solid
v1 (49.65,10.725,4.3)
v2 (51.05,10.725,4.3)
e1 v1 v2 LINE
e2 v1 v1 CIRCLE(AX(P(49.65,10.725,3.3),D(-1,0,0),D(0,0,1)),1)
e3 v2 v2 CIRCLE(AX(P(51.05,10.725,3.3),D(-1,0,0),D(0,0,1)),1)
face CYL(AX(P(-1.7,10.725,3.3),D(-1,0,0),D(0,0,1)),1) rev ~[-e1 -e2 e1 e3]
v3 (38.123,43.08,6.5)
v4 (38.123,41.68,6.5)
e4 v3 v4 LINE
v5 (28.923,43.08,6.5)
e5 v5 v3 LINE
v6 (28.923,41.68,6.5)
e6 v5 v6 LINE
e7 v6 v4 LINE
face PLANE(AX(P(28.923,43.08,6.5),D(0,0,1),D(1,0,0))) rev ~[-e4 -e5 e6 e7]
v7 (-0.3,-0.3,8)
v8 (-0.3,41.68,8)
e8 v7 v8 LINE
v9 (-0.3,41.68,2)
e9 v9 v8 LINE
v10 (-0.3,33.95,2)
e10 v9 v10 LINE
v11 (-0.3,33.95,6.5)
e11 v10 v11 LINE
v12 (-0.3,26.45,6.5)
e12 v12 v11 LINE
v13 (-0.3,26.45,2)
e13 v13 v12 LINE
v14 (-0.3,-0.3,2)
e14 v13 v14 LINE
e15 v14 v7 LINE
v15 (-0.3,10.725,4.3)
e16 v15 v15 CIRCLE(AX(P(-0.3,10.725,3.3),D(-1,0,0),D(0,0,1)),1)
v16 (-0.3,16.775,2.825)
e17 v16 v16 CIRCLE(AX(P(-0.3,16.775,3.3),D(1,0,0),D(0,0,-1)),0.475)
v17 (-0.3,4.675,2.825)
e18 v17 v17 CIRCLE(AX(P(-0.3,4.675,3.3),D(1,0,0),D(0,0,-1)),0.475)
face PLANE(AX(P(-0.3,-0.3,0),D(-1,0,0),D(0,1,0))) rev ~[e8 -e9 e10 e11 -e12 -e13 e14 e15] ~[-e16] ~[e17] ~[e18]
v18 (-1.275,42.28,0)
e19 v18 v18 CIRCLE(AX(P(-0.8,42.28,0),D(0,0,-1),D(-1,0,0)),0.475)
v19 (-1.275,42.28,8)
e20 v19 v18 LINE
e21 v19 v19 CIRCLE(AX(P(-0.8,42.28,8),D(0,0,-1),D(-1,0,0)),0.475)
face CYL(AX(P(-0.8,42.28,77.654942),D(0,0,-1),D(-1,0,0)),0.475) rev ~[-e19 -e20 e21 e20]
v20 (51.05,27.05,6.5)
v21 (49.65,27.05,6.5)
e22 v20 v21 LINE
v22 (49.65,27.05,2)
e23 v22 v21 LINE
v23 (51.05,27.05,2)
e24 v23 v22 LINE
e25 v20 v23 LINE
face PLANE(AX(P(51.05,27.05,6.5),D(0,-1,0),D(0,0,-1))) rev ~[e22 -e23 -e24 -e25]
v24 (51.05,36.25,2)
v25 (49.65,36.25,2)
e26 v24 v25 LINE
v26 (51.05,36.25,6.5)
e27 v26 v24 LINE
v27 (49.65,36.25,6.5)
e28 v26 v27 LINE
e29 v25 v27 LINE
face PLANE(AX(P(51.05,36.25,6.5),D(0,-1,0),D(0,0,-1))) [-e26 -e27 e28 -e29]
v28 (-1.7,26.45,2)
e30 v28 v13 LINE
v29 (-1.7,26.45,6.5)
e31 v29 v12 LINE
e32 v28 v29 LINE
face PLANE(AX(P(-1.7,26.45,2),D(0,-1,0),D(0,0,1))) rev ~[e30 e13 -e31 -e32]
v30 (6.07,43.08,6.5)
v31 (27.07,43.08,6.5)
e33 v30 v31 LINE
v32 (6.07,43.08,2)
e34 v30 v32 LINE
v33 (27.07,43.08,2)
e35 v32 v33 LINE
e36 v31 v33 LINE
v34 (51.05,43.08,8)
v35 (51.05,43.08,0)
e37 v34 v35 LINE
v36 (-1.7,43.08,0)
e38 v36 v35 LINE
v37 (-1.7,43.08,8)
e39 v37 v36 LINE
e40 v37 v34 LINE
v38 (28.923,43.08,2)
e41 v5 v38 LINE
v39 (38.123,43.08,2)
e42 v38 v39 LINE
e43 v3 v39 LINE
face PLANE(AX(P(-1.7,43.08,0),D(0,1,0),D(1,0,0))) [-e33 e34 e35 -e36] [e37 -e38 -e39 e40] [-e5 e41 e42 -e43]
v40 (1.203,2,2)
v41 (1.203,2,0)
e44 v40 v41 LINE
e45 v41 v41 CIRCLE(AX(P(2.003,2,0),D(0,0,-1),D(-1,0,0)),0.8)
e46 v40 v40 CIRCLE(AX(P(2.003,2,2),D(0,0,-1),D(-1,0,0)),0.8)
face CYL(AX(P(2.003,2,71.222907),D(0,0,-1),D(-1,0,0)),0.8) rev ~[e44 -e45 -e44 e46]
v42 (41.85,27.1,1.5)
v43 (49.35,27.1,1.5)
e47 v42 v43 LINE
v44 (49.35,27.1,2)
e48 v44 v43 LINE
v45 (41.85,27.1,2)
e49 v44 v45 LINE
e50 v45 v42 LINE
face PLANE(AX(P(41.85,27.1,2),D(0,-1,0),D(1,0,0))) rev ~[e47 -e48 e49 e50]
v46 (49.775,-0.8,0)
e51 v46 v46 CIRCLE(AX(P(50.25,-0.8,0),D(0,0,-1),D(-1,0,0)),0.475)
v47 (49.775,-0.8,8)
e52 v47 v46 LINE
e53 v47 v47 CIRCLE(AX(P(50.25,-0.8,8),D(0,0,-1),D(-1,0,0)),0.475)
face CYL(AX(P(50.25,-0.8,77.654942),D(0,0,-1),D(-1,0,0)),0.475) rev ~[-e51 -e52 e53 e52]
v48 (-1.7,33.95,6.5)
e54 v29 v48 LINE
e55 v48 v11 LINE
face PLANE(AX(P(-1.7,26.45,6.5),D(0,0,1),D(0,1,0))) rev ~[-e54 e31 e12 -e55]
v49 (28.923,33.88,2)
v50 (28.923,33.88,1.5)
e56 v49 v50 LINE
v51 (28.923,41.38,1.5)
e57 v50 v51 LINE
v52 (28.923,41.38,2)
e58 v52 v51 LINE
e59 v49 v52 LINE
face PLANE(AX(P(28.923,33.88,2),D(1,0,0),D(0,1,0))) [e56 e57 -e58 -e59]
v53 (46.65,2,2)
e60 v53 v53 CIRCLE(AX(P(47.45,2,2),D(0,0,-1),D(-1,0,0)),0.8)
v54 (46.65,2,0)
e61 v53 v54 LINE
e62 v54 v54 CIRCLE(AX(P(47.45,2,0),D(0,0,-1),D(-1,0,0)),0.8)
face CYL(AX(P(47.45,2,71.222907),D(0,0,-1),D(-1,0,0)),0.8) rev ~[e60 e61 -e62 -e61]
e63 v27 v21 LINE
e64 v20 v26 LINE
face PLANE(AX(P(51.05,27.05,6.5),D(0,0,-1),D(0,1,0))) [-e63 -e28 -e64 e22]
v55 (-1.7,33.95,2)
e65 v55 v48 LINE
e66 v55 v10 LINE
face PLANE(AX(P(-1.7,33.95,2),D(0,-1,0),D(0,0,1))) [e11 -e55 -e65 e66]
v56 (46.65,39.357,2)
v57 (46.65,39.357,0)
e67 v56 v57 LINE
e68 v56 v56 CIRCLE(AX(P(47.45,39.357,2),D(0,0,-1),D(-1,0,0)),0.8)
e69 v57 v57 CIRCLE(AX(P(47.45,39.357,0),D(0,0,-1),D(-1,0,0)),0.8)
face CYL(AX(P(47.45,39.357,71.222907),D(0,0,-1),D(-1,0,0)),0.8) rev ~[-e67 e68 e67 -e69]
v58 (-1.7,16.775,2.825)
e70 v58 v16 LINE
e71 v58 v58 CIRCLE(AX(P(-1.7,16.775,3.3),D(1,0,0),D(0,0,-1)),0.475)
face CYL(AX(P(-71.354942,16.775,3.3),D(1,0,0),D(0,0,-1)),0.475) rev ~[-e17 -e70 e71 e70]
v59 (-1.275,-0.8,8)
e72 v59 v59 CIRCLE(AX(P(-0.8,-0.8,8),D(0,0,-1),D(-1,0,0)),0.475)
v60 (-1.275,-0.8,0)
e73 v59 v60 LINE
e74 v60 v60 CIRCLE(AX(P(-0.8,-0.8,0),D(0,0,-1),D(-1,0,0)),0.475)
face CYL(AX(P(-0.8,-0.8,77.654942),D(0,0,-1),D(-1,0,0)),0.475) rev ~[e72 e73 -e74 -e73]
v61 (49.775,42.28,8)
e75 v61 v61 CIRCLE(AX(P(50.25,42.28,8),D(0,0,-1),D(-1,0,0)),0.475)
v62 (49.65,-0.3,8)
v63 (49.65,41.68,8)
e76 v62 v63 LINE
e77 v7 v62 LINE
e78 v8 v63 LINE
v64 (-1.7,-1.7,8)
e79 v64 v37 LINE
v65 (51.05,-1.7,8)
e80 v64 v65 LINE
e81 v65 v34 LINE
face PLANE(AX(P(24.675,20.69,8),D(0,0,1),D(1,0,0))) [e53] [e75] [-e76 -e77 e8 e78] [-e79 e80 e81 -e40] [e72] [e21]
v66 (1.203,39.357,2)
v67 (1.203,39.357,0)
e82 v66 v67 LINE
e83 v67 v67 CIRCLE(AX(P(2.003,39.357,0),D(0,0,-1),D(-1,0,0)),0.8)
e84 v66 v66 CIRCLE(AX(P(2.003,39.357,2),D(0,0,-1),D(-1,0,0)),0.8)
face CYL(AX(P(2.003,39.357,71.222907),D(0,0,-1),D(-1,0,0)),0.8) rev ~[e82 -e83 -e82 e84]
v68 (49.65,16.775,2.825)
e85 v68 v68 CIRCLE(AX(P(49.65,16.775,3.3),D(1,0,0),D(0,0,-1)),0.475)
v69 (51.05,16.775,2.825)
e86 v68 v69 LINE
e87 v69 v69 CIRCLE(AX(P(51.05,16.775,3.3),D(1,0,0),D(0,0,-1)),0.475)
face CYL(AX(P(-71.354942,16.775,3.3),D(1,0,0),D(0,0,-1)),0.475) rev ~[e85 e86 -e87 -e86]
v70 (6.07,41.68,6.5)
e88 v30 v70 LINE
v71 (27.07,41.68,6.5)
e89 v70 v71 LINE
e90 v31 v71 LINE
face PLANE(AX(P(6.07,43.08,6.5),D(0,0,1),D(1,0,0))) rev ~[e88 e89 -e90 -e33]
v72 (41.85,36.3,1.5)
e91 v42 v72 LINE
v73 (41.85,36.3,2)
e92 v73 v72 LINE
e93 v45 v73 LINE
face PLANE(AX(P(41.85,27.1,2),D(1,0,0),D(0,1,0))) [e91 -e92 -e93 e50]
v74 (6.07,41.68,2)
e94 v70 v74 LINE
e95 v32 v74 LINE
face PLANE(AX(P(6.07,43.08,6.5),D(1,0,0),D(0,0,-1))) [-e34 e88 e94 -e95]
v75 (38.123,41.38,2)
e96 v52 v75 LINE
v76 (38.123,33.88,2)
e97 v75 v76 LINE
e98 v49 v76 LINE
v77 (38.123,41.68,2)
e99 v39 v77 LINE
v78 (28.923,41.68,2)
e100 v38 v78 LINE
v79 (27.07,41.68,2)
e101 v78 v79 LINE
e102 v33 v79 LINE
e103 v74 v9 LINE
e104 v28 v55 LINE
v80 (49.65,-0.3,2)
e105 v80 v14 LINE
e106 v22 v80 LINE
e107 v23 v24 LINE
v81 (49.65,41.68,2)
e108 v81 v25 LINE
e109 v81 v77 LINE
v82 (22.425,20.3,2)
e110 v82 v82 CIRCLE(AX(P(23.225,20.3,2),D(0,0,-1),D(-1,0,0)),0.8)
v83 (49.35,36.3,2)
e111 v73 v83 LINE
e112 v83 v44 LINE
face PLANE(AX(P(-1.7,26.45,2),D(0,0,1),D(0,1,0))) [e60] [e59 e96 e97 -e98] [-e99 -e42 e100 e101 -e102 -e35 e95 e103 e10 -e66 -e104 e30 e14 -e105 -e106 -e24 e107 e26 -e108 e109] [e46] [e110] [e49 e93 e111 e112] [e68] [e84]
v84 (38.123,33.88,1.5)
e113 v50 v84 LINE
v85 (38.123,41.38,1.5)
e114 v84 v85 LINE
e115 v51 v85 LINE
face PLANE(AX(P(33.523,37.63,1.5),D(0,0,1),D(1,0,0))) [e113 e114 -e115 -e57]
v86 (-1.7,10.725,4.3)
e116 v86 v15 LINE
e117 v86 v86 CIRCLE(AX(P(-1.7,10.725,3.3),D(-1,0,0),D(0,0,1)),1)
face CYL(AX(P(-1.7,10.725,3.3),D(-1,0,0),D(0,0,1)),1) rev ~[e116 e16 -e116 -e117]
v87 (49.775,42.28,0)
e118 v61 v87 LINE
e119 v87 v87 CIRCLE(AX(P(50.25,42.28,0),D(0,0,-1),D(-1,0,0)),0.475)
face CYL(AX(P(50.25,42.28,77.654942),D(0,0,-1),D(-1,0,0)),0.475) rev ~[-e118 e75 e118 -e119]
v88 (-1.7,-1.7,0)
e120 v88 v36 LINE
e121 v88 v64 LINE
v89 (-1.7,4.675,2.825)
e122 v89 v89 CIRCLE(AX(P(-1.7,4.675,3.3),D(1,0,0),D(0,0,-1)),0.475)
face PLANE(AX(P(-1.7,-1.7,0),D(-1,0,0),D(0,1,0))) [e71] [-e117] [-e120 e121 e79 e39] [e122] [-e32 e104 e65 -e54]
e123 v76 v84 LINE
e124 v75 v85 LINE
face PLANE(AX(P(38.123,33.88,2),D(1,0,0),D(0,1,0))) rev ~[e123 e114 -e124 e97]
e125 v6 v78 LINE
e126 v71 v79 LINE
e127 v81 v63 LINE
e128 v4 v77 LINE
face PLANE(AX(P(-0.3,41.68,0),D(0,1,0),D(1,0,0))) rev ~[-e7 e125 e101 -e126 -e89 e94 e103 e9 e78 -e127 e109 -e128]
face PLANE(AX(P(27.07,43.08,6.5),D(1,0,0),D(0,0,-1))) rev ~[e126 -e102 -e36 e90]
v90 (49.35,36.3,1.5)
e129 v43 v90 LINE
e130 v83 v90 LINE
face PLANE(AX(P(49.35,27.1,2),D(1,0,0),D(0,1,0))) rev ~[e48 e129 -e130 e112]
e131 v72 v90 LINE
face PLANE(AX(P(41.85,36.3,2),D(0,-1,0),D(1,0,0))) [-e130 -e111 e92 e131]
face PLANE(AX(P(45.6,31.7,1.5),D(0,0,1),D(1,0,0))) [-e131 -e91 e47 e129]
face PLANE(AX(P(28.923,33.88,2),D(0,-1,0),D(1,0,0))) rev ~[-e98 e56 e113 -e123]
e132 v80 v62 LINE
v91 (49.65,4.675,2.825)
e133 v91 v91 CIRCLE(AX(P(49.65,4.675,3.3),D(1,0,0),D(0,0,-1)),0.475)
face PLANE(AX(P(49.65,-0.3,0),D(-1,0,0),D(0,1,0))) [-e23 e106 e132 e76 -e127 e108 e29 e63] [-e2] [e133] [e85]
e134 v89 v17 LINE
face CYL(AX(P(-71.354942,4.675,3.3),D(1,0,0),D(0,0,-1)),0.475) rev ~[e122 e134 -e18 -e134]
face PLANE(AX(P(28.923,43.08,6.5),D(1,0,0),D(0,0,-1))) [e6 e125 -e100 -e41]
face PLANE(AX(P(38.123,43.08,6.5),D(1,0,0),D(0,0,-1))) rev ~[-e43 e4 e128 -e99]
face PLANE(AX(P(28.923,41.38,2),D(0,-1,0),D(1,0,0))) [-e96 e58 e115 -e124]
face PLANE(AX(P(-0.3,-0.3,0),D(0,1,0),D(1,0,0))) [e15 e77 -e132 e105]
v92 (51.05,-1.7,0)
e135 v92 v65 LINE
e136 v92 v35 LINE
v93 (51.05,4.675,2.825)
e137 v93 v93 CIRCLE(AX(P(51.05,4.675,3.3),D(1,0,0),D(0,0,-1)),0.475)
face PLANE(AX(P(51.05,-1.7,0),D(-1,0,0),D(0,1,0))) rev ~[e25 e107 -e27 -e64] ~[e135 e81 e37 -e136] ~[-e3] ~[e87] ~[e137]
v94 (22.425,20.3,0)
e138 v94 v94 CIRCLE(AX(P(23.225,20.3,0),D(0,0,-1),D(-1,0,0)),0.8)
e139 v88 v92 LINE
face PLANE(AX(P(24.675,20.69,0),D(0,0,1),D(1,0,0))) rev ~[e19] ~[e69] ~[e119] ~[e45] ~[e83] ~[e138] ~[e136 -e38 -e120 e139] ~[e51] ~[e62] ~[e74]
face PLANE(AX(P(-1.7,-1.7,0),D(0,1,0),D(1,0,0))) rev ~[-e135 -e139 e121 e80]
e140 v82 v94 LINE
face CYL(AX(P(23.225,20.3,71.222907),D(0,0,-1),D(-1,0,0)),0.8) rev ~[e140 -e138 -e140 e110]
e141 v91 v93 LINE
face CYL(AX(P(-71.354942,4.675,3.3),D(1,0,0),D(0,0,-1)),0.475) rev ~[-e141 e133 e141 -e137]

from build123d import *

# Parameters (mm, degrees)
SKETCH_3_W          = 52.75
SKETCH_3_H          = 44.78
EXTRUDE_1_DEPTH     = 2
HOLE_WIZARD_M2_1_D  = 1.6
CUT_EXTRUDE_START   = 2
SKETCH_3_5_W        = 9.2
SKETCH_3_5_H        = 7.5
SKETCH_3_5_W_2      = 7.5
SKETCH_3_5_H_2      = 9.2
CUT_EXTRUDE_2_DEPTH = 0.5
SKETCH_3_6_W        = 52.75
SKETCH_3_6_H        = 44.78
SKETCH_3_6_W_2      = 49.95
SKETCH_3_6_H_2      = 41.98
EXTRUDE_3_DEPTH     = 8
SKETCH_10_R         = 1
CUT_EXTRUDE_5_DEPTH = 69.574404117
M1_2X0_25_1_D       = 0.95
SKETCH_13_W         = 4.5
SKETCH_13_H         = 9.2
CUT_EXTRUDE_6_DEPTH = 2
SKETCH_14_W         = 9.2
SKETCH_14_H         = 4.5
SKETCH_14_W_2       = 21
CUT_EXTRUDE_7_DEPTH = 2
SKETCH_15_W         = 4.5
SKETCH_15_H         = 7.5
CUT_EXTRUDE_8_DEPTH = 2
M1_2X0_25_2_D       = 0.95


with BuildPart() as part:
    # 草图3 → 凸台-拉伸1 (new body)
    with BuildSketch(Plane.XY):
        with Locations((24.675, 20.69)):
            Rectangle(SKETCH_3_W, SKETCH_3_H)
    extrude(amount=EXTRUDE_1_DEPTH)

    # M2 螺纹孔1 (through all)
    with Locations(Plane(origin=(2.003, 2, 2), x_dir=(1, 0, 0), z_dir=(0, 0, 1))):
        with Locations((0, 0), (45.447, 0), (45.447, 37.357), (0, 37.357), (21.222, 18.3)):
            Hole(HOLE_WIZARD_M2_1_D / 2)

    # 草图3<5> → 切除-拉伸2 (cut)
    with BuildSketch(Plane.XY.offset(CUT_EXTRUDE_START)):
        with Locations((33.523, 37.63)):
            Rectangle(SKETCH_3_5_W, SKETCH_3_5_H)
        with Locations((45.6, 31.7)):
            Rectangle(SKETCH_3_5_W_2, SKETCH_3_5_H_2)
    extrude(amount=-CUT_EXTRUDE_2_DEPTH, mode=Mode.SUBTRACT)

    # 草图3<6> → 凸台-拉伸3 (add)
    with BuildSketch(Plane.XY):
        with Locations((24.675, 20.69)):
            Rectangle(SKETCH_3_6_W, SKETCH_3_6_H)
        with Locations((24.675, 20.69)):
            Rectangle(SKETCH_3_6_W_2, SKETCH_3_6_H_2, mode=Mode.SUBTRACT)
    extrude(amount=EXTRUDE_3_DEPTH)

    # 草图10 → 切除-拉伸5 (cut, through all)
    with BuildSketch(Plane.ZY.offset(1.7)):
        with Locations((3.3, 10.725)):
            Circle(SKETCH_10_R)
    extrude(amount=-CUT_EXTRUDE_5_DEPTH, mode=Mode.SUBTRACT)

    # M1.2x0.25 螺纹孔1 (through all)
    with Locations(Plane.ZY.offset(1.7)):
        with Locations((3.3, 16.775), (3.3, 4.675)):
            Hole(M1_2X0_25_1_D / 2)

    # 草图13 → 切除-拉伸6 (cut)
    with BuildSketch(Plane(origin=(51.05, 0, 0), x_dir=(0, 0, -1), z_dir=(1, 0, 0))):
        with Locations((-4.25, 31.65)):
            Rectangle(SKETCH_13_W, SKETCH_13_H)
    extrude(amount=-CUT_EXTRUDE_6_DEPTH, mode=Mode.SUBTRACT)

    # 草图14 → 切除-拉伸7 (cut)
    with BuildSketch(Plane(origin=(0, 43.08, 0), x_dir=(1, 0, 0), z_dir=(0, 1, 0))):
        with Locations((33.523, -4.25)):
            Rectangle(SKETCH_14_W, SKETCH_14_H)
        with Locations((16.57, -4.25)):
            Rectangle(SKETCH_14_W_2, SKETCH_14_H)
    extrude(amount=-CUT_EXTRUDE_7_DEPTH, mode=Mode.SUBTRACT)

    # 草图15 → 切除-拉伸8 (cut)
    with BuildSketch(Plane.ZY.offset(1.7)):
        with Locations((4.25, 30.2)):
            Rectangle(SKETCH_15_W, SKETCH_15_H)
    extrude(amount=-CUT_EXTRUDE_8_DEPTH, mode=Mode.SUBTRACT)

    # M1.2x0.25 螺纹孔2 (through all)
    with Locations(Plane(origin=(-0.8, -0.8, 8), x_dir=(1, 0, 0), z_dir=(0, 0, 1))):
        with Locations((0, 0), (51.05, 0), (51.05, 43.08), (0, 43.08)):
            Hole(M1_2X0_25_2_D / 2)


solid = part.part
